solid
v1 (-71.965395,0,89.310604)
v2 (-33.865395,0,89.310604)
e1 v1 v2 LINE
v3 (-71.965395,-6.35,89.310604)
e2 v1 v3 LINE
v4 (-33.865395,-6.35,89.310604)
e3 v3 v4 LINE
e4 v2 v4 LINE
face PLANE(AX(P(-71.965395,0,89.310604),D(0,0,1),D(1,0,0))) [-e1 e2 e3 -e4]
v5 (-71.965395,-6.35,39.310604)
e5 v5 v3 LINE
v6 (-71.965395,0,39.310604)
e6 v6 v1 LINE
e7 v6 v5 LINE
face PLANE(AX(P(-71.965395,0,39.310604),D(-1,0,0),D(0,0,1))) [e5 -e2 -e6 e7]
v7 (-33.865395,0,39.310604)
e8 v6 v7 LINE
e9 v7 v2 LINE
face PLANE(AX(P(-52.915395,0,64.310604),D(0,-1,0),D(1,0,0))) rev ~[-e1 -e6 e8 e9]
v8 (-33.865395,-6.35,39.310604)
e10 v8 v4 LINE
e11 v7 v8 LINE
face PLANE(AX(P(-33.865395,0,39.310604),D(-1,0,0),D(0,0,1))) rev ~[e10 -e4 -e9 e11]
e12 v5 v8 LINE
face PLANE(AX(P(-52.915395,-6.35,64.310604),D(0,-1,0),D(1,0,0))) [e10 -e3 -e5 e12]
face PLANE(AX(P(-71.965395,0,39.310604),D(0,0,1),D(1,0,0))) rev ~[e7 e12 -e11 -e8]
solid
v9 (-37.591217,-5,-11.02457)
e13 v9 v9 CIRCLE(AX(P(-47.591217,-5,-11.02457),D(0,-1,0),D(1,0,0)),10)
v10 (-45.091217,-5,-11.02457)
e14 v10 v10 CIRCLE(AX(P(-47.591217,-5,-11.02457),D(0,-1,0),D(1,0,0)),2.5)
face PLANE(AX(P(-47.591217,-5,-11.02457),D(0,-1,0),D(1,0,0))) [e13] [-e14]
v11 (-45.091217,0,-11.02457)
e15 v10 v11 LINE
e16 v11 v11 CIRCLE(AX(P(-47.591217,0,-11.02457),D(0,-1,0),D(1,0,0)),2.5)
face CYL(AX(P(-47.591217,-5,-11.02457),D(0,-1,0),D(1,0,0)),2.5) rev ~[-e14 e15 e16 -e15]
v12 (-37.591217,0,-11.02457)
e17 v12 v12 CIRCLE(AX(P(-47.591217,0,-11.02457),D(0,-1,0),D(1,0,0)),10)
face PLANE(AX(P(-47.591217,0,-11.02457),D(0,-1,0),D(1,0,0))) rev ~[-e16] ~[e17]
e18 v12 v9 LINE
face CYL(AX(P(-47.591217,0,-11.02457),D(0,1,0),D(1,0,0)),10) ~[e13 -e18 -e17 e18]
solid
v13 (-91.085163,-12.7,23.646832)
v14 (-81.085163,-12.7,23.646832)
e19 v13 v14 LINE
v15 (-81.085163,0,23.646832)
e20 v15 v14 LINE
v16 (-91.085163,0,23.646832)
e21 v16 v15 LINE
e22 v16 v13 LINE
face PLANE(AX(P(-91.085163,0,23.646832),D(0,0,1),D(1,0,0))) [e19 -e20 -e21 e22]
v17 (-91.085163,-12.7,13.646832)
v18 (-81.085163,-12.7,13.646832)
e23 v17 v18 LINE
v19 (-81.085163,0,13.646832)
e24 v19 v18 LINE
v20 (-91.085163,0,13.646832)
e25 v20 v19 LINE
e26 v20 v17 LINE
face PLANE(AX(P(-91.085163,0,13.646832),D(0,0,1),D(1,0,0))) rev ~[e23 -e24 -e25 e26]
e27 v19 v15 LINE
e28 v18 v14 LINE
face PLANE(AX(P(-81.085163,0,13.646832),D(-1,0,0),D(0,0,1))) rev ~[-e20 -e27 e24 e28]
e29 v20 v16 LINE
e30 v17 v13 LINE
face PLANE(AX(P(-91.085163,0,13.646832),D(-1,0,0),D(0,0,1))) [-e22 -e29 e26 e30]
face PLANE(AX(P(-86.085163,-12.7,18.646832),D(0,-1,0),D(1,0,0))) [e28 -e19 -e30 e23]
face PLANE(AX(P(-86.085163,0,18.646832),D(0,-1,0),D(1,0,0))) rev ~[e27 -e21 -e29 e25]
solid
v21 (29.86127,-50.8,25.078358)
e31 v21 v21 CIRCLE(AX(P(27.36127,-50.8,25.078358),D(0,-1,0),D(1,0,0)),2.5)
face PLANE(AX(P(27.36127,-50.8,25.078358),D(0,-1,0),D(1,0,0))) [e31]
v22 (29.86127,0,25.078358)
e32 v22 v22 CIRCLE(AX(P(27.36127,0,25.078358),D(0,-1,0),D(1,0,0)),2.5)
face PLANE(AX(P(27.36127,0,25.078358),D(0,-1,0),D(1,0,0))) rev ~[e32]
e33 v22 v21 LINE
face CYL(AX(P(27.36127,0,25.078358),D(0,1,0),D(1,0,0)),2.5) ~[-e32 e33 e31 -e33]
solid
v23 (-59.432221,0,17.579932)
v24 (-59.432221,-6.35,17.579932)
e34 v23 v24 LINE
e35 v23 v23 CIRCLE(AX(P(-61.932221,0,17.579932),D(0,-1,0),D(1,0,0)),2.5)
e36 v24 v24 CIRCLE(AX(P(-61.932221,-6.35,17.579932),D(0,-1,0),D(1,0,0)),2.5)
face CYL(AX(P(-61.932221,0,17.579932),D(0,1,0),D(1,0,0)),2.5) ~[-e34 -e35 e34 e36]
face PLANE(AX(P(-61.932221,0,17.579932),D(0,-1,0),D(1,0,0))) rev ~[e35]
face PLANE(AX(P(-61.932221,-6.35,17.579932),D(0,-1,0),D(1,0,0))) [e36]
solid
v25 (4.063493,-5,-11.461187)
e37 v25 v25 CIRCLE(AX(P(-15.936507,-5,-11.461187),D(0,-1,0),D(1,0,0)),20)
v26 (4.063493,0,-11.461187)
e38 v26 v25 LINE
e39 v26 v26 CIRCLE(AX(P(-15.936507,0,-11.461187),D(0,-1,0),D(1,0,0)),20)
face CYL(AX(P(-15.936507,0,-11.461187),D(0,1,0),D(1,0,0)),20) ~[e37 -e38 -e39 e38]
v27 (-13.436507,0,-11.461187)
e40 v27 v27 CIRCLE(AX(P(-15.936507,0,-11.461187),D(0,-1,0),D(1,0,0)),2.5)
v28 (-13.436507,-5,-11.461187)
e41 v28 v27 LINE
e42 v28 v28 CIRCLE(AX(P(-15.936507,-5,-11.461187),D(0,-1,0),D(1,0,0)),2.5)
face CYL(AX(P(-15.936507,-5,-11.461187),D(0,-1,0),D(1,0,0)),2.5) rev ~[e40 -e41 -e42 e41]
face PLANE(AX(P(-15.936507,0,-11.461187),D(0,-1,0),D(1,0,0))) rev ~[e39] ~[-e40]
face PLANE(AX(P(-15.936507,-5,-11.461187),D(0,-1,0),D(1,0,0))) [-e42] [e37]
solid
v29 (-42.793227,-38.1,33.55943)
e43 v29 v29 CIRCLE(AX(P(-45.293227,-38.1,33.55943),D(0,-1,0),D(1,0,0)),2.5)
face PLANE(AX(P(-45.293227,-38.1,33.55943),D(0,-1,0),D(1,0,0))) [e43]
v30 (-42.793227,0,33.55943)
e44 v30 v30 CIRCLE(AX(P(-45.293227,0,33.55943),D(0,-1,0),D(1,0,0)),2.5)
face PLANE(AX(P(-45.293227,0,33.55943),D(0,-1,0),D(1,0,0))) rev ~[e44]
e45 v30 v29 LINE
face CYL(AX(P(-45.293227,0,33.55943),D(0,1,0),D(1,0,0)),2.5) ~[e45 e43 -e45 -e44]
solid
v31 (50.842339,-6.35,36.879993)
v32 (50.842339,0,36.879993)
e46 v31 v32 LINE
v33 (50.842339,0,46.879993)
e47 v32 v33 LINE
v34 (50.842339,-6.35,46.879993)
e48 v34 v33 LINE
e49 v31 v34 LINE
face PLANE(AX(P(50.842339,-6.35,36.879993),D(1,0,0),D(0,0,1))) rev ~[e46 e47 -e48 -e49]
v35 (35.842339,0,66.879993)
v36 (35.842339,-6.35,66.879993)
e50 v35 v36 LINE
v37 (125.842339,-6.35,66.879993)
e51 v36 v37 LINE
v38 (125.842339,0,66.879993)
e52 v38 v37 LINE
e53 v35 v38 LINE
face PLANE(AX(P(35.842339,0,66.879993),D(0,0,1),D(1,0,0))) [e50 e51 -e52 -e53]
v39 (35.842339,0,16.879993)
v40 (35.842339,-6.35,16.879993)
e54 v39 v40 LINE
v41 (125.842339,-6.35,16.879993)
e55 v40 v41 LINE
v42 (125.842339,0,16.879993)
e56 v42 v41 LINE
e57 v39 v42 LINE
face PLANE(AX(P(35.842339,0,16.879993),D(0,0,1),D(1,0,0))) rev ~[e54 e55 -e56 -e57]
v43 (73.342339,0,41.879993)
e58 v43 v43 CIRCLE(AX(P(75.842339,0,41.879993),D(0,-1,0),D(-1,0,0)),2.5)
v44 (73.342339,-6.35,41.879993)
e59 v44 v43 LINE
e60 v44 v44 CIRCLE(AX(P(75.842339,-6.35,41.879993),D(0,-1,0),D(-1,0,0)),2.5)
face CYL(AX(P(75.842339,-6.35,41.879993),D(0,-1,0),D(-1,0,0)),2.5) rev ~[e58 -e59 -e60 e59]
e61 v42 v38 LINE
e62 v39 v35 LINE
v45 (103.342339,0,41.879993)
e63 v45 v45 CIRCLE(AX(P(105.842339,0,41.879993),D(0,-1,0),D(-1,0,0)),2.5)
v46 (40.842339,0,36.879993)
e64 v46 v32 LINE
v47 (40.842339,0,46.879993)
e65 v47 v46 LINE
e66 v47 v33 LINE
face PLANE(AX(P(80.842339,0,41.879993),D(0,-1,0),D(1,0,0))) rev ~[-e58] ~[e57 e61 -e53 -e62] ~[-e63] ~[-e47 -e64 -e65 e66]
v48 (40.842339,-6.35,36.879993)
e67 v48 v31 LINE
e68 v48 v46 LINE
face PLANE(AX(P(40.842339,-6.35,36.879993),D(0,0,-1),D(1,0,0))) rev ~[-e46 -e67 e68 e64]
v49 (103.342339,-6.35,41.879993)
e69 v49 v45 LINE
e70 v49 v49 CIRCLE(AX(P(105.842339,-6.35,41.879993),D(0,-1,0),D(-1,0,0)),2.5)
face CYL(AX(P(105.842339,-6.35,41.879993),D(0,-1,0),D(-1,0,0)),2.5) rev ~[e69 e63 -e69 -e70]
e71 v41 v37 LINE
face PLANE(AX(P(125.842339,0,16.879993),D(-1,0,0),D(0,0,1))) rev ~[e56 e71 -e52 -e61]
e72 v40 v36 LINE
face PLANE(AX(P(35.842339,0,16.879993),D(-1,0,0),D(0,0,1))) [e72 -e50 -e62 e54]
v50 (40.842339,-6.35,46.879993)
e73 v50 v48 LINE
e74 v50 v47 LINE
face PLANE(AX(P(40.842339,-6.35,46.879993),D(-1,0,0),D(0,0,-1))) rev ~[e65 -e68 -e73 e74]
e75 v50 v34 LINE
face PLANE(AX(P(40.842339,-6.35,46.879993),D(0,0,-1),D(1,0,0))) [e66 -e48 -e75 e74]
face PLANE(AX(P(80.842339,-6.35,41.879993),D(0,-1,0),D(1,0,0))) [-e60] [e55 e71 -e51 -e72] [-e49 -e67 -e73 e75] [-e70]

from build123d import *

# Parameters (mm, degrees)
F0_R      = 10
F1_DEPTH  = 5
F0_R_2    = 20
F2_R      = 2.5
F3_DEPTH  = 5.001
F4_R      = 2.5
F5_DEPTH  = 5.001
F6_R      = 2.5
F7_DEPTH  = 38.1
F8_R      = 2.5
F9_DEPTH  = 50.8
F10_W     = 38.1
F10_H     = 50
F11_DEPTH = 6.35
F10_W_2   = 90
F12_W     = 10
F12_H     = 5
F13_DEPTH = 6.351
F14_W     = 10
F14_H     = 10
F15_DEPTH = 12.7
F16_R     = 2.5
F17_DEPTH = 6.35


with BuildPart() as f1:
    # F0 (on Front) → F1 (new body)
    with BuildSketch(Plane.XZ):
        with Locations((-47.5912168622, -11.0245700926)):
            Circle(F0_R)
    extrude(amount=F1_DEPTH)

    # F2 (on face) → F3 (cut, through all)
    with BuildSketch(Plane.XZ.offset(5)):
        with Locations((-47.5912168622, -11.0245700926)):
            Circle(F2_R)
    extrude(amount=-F3_DEPTH, mode=Mode.SUBTRACT)


with BuildPart() as f1b:
    # F0 (on Front) → F1, piece 2 (new body)
    with BuildSketch(Plane.XZ):
        with Locations((-15.9365069121, -11.4611871541)):
            Circle(F0_R_2)
    extrude(amount=F1_DEPTH)

    # F4 (on face) → F5 (cut, through all)
    with BuildSketch(Plane.XZ.offset(5)):
        with Locations((-15.9365069121, -11.4611871541)):
            Circle(F4_R)
    extrude(amount=-F5_DEPTH, mode=Mode.SUBTRACT)


with BuildPart() as f7:
    # F6 (on Front) → F7 (new body)
    with BuildSketch(Plane.XZ):
        with Locations((-45.2932268381, 33.5594303906)):
            Circle(F6_R)
    extrude(amount=F7_DEPTH)


with BuildPart() as f9:
    # F8 (on Front) → F9 (new body)
    with BuildSketch(Plane.XZ):
        with Locations((27.3612700403, 25.0783581287)):
            Circle(F8_R)
    extrude(amount=F9_DEPTH)


with BuildPart() as f11:
    # F10 (on Front) → F11 (new body)
    with BuildSketch(Plane.XZ):
        with Locations((-52.9153950814, 64.3106035315)):
            Rectangle(F10_W, F10_H)
    extrude(amount=F11_DEPTH)


with BuildPart() as f11b:
    # F10 (on Front) → F11, piece 2 (new body)
    with BuildSketch(Plane.XZ):
        with Locations((80.8423385769, 41.8799925596)):
            Rectangle(F10_W_2, F10_H)
    extrude(amount=F11_DEPTH)

    # F12 (on face) → F13 (cut, through all)
    with BuildSketch(Plane.XZ.offset(6.35)):
        with BuildLine():
            ThreePointArc((78.3423385769, 41.8799925596), (75.8423385769, 44.3799925596), (73.3423385769, 41.8799925596))
            Line((73.3423385769, 41.8799925596), (78.3423385769, 41.8799925596))
        make_face()
        with BuildLine():
            Line((78.3423385769, 41.8799925596), (73.3423385769, 41.8799925596))
            ThreePointArc((73.3423385769, 41.8799925596), (75.8423385769, 39.3799925596), (78.3423385769, 41.8799925596))
        make_face()
        with BuildLine():
            Line((103.3423385769, 41.8799925596), (108.3423385769, 41.8799925596))
            ThreePointArc((108.3423385769, 41.8799925596), (105.8423385769, 44.3799925596), (103.3423385769, 41.8799925596))
        make_face()
        with BuildLine():
            ThreePointArc((103.3423385769, 41.8799925596), (105.8423385769, 39.3799925596), (108.3423385769, 41.8799925596))
            Line((108.3423385769, 41.8799925596), (103.3423385769, 41.8799925596))
        make_face()
        with Locations((45.8423385769, 39.3799925596)):
            Rectangle(F12_W, F12_H)
        with Locations((45.8423385769, 44.3799925596)):
            Rectangle(F12_W, F12_H)
    extrude(amount=-F13_DEPTH, mode=Mode.SUBTRACT)


with BuildPart() as f15:
    # F14 (on Front) → F15 (new body)
    with BuildSketch(Plane.XZ):
        with Locations((-86.0851626339, 18.6468316242)):
            Rectangle(F14_W, F14_H)
    extrude(amount=F15_DEPTH)


with BuildPart() as f17:
    # F16 (on Front) → F17 (new body)
    with BuildSketch(Plane.XZ):
        with Locations((-61.932221055, 17.5799317658)):
            Circle(F16_R)
    extrude(amount=F17_DEPTH)


solid = Compound([f1.part, f1b.part, f7.part, f9.part, f11.part, f11b.part, f15.part, f17.part])
